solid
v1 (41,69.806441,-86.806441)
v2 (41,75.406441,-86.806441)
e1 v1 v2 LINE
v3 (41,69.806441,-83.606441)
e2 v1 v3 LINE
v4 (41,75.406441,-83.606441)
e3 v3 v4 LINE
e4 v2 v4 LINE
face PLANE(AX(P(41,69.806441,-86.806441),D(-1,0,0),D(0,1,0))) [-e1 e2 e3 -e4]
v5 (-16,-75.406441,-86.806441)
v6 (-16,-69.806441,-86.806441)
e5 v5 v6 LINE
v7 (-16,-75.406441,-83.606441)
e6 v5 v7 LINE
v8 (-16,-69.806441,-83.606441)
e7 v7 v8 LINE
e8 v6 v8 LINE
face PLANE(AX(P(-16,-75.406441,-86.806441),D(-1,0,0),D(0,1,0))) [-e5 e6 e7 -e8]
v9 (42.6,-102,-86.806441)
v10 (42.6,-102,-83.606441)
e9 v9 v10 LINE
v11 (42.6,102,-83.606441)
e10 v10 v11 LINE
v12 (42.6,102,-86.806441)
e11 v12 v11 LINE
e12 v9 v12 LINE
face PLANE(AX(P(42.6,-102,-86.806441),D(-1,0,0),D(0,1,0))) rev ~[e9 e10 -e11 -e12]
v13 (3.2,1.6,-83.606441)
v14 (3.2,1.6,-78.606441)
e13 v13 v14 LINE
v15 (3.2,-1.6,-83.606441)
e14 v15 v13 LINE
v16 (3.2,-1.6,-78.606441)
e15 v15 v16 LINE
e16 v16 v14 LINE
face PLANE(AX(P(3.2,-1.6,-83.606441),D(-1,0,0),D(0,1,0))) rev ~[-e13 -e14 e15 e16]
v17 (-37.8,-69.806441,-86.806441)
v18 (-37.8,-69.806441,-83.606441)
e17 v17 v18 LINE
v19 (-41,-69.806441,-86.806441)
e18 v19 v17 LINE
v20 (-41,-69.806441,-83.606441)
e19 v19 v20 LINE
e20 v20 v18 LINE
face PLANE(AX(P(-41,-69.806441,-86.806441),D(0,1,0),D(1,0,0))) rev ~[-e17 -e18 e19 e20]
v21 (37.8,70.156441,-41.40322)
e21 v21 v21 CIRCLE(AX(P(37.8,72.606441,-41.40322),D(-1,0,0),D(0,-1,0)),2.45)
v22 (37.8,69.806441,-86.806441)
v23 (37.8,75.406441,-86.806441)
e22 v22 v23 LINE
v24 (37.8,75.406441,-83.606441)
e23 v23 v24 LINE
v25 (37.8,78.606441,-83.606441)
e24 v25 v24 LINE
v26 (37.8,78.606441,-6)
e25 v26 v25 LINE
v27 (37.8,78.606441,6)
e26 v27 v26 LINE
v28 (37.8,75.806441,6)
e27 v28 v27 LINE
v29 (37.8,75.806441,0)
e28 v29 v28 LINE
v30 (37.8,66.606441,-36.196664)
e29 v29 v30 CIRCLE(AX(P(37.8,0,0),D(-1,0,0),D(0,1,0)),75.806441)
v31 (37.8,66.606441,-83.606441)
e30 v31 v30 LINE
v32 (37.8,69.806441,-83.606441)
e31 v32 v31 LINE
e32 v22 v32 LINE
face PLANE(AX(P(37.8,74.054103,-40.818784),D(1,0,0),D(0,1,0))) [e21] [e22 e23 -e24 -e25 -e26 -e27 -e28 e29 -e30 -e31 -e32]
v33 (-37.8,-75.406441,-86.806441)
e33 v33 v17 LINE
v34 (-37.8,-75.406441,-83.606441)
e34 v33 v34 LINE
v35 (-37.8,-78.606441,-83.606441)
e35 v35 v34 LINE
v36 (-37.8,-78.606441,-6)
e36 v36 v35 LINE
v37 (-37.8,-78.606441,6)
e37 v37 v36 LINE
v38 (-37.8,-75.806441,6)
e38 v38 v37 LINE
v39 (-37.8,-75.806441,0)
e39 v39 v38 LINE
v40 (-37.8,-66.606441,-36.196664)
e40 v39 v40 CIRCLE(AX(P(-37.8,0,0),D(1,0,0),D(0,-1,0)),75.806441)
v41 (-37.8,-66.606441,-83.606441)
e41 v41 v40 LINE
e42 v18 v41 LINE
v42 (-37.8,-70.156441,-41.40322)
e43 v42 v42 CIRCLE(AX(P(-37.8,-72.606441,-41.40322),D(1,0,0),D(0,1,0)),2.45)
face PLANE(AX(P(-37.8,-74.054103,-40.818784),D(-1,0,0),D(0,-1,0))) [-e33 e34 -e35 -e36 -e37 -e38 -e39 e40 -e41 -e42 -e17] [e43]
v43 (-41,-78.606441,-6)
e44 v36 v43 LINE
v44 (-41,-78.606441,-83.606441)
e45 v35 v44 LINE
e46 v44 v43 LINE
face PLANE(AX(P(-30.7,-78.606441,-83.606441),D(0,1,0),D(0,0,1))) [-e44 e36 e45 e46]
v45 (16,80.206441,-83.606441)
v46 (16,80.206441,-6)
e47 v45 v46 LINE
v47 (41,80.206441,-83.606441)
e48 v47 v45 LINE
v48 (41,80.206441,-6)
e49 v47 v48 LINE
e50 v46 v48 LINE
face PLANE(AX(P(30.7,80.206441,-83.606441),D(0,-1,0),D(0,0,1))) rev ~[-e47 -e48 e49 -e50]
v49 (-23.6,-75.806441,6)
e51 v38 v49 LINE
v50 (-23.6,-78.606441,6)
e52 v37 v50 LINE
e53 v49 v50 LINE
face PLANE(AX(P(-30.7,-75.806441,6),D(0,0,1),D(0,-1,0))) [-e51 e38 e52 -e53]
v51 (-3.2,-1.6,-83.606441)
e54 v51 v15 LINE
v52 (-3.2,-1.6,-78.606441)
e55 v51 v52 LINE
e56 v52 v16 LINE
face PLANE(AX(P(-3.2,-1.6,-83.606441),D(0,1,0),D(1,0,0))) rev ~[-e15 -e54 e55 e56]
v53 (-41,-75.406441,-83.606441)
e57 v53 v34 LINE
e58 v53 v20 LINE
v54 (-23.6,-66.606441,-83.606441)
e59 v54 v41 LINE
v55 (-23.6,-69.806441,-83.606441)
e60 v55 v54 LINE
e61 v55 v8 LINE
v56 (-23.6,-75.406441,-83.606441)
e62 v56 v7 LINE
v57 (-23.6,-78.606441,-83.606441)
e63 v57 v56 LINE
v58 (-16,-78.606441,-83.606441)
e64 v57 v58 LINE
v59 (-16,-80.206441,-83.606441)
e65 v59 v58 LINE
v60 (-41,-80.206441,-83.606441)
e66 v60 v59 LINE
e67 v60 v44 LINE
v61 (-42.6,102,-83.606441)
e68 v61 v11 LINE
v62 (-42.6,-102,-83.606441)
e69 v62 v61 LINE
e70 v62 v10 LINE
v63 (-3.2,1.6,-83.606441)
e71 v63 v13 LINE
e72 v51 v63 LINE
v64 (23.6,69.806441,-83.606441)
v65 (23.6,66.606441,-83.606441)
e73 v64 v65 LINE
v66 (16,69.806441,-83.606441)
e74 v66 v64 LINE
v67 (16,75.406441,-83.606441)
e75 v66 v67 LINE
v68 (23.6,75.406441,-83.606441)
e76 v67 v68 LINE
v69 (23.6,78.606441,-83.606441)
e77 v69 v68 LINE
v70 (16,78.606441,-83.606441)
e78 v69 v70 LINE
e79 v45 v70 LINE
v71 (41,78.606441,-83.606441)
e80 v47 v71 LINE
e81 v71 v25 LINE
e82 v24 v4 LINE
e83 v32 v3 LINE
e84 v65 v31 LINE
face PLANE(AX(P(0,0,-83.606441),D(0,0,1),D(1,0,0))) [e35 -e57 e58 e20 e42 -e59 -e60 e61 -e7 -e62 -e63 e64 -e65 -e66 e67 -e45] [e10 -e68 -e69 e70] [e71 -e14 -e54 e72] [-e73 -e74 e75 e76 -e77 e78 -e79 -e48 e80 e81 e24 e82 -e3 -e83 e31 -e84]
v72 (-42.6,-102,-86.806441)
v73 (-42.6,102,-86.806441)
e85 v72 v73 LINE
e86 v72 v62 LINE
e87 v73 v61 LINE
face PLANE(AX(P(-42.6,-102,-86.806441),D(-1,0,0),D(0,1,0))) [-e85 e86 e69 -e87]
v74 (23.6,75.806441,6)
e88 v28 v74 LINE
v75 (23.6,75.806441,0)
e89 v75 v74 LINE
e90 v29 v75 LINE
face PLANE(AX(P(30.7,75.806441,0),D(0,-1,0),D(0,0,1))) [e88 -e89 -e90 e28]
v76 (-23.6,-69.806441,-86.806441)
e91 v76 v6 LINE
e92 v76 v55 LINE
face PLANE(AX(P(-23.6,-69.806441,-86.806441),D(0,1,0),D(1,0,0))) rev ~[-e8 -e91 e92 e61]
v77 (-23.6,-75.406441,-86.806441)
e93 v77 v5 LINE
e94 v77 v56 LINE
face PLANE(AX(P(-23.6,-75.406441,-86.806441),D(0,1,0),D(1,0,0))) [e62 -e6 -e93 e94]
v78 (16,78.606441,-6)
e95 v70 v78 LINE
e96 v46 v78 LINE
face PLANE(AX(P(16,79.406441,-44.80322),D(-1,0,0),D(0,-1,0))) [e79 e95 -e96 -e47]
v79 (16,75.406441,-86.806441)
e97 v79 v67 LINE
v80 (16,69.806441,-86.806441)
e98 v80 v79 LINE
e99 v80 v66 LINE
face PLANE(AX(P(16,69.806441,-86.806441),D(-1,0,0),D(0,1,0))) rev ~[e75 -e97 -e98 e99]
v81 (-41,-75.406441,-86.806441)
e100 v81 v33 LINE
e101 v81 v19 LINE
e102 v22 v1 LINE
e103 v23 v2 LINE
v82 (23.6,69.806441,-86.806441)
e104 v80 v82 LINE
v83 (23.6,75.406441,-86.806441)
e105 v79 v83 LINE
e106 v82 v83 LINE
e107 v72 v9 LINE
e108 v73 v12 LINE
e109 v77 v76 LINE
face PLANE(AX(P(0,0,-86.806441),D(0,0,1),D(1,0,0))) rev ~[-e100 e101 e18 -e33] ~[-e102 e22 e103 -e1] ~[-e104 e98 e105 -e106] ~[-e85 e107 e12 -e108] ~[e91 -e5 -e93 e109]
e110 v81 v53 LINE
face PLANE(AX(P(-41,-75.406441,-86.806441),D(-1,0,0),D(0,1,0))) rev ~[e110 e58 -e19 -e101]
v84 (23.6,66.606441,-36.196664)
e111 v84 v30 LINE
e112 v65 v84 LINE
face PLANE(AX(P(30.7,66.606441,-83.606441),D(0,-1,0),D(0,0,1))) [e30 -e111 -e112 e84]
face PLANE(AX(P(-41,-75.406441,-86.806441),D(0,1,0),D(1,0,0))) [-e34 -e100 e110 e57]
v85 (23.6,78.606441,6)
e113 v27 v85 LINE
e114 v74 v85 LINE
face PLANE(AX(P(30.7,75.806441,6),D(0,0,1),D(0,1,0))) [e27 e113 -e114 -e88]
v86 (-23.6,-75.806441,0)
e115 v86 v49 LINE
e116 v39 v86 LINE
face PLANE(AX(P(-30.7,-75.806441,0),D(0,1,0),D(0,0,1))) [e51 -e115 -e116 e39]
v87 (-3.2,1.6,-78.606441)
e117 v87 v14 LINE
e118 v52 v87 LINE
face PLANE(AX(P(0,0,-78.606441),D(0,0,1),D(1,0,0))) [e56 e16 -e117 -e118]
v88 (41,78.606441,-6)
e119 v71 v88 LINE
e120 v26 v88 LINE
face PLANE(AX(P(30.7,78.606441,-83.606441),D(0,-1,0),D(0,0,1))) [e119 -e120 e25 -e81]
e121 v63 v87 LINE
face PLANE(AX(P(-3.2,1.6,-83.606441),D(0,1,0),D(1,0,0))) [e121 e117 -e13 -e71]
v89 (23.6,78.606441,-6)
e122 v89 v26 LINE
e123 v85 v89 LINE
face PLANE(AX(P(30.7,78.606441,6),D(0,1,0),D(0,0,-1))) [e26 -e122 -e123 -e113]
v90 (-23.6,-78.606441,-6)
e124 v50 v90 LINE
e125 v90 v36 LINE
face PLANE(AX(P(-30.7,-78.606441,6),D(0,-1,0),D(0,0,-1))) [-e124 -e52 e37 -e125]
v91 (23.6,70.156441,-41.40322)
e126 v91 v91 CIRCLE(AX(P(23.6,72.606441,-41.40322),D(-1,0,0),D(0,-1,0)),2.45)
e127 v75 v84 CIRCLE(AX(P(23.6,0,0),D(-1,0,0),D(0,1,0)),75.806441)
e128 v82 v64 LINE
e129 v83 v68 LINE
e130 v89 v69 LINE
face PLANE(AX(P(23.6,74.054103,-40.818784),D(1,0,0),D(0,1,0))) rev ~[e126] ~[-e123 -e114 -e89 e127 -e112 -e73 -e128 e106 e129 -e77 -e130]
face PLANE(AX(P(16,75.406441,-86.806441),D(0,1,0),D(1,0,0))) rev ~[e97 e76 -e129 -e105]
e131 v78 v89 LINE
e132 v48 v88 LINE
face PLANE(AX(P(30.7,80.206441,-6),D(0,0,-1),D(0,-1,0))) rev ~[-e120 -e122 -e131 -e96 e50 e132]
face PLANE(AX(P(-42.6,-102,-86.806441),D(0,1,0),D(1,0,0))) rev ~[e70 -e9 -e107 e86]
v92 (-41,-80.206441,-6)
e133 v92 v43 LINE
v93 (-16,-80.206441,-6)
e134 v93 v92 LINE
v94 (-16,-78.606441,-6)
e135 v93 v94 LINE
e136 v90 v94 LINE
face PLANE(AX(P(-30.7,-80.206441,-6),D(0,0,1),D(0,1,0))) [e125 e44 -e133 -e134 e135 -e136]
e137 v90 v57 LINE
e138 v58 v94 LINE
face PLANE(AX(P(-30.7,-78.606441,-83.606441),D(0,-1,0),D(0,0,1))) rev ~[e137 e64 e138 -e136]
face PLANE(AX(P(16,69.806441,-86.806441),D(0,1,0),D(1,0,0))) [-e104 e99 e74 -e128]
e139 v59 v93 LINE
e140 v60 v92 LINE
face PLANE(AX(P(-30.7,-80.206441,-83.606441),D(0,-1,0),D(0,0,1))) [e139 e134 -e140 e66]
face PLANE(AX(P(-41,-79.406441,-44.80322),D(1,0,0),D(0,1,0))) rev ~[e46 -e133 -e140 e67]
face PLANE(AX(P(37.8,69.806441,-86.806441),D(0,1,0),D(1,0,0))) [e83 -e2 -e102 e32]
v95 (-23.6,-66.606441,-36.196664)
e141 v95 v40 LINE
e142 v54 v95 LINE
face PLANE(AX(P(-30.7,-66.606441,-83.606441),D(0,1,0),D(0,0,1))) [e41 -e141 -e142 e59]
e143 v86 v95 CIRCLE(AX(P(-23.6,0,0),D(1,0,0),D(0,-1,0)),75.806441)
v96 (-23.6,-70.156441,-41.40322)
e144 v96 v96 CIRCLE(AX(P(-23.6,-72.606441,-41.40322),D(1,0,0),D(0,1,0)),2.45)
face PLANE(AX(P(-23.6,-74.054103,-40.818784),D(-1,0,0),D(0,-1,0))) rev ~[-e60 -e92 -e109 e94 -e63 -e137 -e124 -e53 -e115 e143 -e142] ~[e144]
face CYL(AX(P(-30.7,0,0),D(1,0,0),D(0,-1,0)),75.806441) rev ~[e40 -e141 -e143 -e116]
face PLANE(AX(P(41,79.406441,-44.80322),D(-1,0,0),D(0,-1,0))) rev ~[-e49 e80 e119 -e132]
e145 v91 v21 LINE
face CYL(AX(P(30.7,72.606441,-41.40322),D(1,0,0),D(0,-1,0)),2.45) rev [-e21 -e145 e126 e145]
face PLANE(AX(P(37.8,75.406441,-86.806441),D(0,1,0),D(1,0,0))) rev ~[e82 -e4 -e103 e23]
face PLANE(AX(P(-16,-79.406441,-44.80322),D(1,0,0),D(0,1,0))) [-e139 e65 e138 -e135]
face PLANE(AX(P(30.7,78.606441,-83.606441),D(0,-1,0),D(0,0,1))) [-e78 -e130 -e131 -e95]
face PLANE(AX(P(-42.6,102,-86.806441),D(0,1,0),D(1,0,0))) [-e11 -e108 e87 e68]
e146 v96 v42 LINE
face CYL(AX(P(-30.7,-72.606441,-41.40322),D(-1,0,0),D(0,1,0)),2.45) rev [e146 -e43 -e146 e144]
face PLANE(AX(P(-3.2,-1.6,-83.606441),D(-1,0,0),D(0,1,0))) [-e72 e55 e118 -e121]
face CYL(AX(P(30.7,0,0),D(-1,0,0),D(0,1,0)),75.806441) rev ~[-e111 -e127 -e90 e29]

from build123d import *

# Parameters (mm, degrees)
SKETCH083_W           = 85.2
SKETCH083_H           = 204
SKETCH083_W_2         = 3.2
SKETCH083_H_2         = 5.6
SKETCH083_W_3         = 7.6
PAD041_DEPTH          = 3.2
SKETCH084_R           = 2.45
PAD042_DEPTH          = 7.1
SKETCH085_W           = 1.6
SKETCH085_H           = 77.6064407756
PAD043_DEPTH          = 10.3
PAD043_DEPTH_BACK     = 14.7
POLARPATTERN003_COUNT = 2
SKETCH086_W           = 6.4
SKETCH086_H           = 3.2
PAD044_DEPTH          = 5


with BuildPart() as part:
    # Sketch083 → Pad041 (new body)
    with BuildSketch(Plane.XY.offset(-86.8064407756)):
        Rectangle(SKETCH083_W, SKETCH083_H)
        with Locations((-39.4, -72.6064407756)):
            Rectangle(SKETCH083_W_2, SKETCH083_H_2, mode=Mode.SUBTRACT)
        with Locations((-19.8, -72.6064407756)):
            Rectangle(SKETCH083_W_3, SKETCH083_H_2, mode=Mode.SUBTRACT)
        with Locations((39.4, 72.6064407756)):
            Rectangle(SKETCH083_W_2, SKETCH083_H_2, mode=Mode.SUBTRACT)
        with Locations((19.8, 72.6064407756)):
            Rectangle(SKETCH083_W_3, SKETCH083_H_2, mode=Mode.SUBTRACT)
    extrude(amount=PAD041_DEPTH)

    # Sketch084 → Pad042 (join, symmetric)
    with BuildSketch(Plane.YZ.offset(-30.7)):
        with BuildLine():
            ThreePointArc((-75.8064407756, 0), (-73.4704487226, -18.6737684351), (-66.6064407756, -36.1966643528))
            Line((-66.6064407756, -83.6064407756), (-66.6064407756, -36.1966643528))
            Line((-78.6064407756, -83.6064407756), (-66.6064407756, -83.6064407756))
            Line((-78.6064407756, 6), (-78.6064407756, -83.6064407756))
            Line((-75.8064407756, 6), (-78.6064407756, 6))
            Line((-75.8064407756, 0), (-75.8064407756, 6))
        make_face()
        with Locations((-72.6064407756, -41.4032203878)):
            Circle(SKETCH084_R, mode=Mode.SUBTRACT)
    pad042 = extrude(amount=PAD042_DEPTH, both=True)

    # Sketch085 → Pad043 (join, two sides)
    with BuildSketch(Plane.YZ.offset(-30.7)) as pad043_sk:
        with Locations((-79.4064407756, -44.8032203878)):
            Rectangle(SKETCH085_W, SKETCH085_H)
    pad043 = extrude(amount=-PAD043_DEPTH) + extrude(pad043_sk.sketch, amount=PAD043_DEPTH_BACK)

    # PolarPattern003: Pad042, Pad043 ×2 about axis
    polarpattern003_axis = Axis((0, 0, 0), (0, 0, 1))
    for i in range(1, POLARPATTERN003_COUNT):
        add(pad042.rotate(polarpattern003_axis, i * 360 / POLARPATTERN003_COUNT))
        add(pad043.rotate(polarpattern003_axis, i * 360 / POLARPATTERN003_COUNT))

    # Sketch086 → Pad044 (join)
    with BuildSketch(Plane.XY.offset(-83.6064407756)):
        Rectangle(SKETCH086_W, SKETCH086_H)
    extrude(amount=PAD044_DEPTH)


solid = part.part
